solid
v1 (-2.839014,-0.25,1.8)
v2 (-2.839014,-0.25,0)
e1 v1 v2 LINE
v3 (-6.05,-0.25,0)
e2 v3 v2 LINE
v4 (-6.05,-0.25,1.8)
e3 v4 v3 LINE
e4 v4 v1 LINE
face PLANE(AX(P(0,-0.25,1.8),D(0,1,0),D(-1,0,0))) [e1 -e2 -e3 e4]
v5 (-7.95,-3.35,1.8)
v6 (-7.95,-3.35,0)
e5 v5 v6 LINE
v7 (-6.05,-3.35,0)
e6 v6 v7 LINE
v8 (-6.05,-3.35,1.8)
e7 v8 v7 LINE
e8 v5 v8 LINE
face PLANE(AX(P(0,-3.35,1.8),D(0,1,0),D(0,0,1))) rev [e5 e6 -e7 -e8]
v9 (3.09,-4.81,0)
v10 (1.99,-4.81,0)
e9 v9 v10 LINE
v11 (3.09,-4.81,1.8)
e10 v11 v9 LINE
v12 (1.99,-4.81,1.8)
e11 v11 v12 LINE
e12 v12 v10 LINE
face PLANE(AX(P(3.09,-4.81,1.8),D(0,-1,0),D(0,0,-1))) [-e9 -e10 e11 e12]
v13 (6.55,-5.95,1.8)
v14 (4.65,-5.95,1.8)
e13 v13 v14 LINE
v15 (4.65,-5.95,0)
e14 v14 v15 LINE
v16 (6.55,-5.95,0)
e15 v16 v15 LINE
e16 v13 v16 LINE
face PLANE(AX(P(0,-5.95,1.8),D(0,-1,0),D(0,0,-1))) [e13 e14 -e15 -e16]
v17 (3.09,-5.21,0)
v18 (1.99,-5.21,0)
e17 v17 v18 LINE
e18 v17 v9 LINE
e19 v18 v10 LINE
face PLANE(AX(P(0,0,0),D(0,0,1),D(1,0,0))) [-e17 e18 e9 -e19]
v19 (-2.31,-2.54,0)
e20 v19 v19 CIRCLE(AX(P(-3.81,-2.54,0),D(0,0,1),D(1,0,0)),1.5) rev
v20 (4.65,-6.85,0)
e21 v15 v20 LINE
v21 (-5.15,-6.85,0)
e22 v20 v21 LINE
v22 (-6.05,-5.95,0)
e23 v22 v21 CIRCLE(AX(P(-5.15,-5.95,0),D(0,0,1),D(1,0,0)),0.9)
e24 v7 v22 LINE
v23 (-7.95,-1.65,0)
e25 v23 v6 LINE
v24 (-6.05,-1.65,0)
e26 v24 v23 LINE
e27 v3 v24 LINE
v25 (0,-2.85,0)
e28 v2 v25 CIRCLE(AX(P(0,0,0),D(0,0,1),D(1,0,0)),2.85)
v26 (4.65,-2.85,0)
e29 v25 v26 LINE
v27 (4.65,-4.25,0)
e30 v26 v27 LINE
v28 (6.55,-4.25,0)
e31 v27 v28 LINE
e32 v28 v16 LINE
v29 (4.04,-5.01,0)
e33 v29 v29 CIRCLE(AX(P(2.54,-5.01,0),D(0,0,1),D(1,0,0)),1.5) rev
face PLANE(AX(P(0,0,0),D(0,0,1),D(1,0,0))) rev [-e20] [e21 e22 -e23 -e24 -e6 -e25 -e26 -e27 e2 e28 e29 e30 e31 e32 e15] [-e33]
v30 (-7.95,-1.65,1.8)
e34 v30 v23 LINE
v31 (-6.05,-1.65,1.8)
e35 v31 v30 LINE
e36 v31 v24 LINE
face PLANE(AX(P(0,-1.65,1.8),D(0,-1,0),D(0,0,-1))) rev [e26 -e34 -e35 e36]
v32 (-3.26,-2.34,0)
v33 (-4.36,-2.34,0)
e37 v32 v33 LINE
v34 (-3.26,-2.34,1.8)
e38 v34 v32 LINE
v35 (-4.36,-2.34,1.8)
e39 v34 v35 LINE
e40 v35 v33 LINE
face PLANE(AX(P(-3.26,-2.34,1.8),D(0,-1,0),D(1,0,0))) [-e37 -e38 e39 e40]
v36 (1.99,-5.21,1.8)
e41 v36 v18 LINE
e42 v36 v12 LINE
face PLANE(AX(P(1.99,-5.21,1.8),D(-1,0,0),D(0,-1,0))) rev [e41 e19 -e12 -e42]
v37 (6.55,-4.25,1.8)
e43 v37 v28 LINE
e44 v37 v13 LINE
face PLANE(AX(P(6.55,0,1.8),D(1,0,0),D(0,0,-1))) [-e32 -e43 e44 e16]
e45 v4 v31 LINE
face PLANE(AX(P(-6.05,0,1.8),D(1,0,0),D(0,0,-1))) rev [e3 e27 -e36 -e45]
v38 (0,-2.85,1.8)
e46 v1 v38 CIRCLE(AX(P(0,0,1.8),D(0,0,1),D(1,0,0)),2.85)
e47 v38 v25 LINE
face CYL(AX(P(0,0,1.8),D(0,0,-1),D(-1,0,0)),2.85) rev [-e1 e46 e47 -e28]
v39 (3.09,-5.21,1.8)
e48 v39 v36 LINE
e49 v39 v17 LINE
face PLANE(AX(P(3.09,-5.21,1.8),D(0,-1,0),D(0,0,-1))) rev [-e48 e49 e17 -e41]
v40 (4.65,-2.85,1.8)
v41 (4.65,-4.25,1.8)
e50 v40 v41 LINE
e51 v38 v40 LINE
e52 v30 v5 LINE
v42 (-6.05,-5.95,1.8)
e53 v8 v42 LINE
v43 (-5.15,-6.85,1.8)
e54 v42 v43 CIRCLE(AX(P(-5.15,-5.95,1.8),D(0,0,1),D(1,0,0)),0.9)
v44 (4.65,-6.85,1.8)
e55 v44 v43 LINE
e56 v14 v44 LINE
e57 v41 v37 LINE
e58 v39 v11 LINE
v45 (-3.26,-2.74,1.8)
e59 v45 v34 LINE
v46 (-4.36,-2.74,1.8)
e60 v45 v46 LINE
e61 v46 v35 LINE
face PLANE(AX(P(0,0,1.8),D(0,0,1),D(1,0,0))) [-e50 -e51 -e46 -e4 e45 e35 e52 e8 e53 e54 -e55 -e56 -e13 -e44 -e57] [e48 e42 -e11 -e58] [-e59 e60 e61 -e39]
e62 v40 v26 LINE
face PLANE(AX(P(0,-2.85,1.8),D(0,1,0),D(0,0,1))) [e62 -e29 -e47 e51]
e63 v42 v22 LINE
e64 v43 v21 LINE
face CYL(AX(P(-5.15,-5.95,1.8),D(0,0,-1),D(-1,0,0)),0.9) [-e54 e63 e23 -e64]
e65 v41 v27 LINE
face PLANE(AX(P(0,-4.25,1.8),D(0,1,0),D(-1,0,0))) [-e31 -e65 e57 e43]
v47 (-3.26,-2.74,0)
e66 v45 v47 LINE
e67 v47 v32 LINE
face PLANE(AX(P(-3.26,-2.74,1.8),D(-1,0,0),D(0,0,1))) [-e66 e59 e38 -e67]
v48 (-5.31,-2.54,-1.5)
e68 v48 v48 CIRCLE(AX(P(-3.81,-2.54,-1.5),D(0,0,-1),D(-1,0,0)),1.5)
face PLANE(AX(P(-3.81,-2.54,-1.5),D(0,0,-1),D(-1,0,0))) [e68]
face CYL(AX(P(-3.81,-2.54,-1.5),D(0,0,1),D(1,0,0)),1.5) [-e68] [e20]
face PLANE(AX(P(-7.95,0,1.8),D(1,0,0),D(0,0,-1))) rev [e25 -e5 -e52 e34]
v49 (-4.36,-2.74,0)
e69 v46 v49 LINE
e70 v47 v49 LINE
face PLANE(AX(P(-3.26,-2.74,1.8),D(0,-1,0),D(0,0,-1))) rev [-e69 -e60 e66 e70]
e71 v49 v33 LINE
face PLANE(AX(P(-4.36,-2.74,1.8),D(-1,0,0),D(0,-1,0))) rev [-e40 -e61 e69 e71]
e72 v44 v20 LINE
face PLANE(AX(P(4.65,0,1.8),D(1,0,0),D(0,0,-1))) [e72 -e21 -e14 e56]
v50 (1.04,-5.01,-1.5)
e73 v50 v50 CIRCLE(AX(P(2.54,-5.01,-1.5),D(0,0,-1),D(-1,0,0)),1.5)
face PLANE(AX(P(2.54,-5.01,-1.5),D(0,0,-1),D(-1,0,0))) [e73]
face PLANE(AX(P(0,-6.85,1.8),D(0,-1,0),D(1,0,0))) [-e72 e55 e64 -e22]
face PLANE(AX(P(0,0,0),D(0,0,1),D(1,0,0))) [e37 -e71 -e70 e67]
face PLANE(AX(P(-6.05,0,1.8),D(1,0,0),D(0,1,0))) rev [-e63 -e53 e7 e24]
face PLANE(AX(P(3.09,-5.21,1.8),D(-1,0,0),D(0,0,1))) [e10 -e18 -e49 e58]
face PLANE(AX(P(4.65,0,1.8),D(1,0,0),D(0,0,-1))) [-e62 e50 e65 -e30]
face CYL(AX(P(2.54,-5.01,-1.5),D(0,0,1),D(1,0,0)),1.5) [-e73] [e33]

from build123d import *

# Parameters (mm, degrees)
EXTRUDE_1_DEPTH     = 1.8
SKETCH_2_R          = 1.5
EXTRUDE_2_DEPTH     = 1.5
SKETCH_2_3_W        = 1.1
SKETCH_2_3_H        = 0.4
CUT_EXTRUDE_1_DEPTH = 11.647300127


with BuildPart() as part:
    # 草图1 → 凸台-拉伸1 (new body)
    with BuildSketch(Plane.XY):
        with BuildLine():
            Line((-2.839013913, -0.25), (-6.05, -0.25))
            Line((-6.05, -0.25), (-6.05, -1.65))
            Line((-6.05, -1.65), (-7.95, -1.65))
            Line((-7.95, -1.65), (-7.95, -3.35))
            Line((-7.95, -3.35), (-6.05, -3.35))
            Line((-6.05, -3.35), (-6.05, -5.95))
            ThreePointArc((-6.05, -5.95), (-5.786396103, -6.586396103), (-5.15, -6.85))
            Line((-5.15, -6.85), (4.65, -6.85))
            Line((4.65, -6.85), (4.65, -5.95))
            Line((4.65, -5.95), (6.55, -5.95))
            Line((6.55, -5.95), (6.55, -4.25))
            Line((6.55, -4.25), (4.65, -4.25))
            Line((4.65, -4.25), (4.65, -2.85))
            Line((4.65, -2.85), (0, -2.85))
            ThreePointArc((0, -2.85), (-1.924837655, -2.101784956), (-2.839013913, -0.25))
        make_face()
    extrude(amount=EXTRUDE_1_DEPTH)

    # 草图2 → 凸台-拉伸2 (add)
    with BuildSketch(Plane(origin=(0, 0, 0), x_dir=(-1, 0, 0), z_dir=(0, 0, -1))):
        with Locations((-2.54, -5.01)):
            Circle(SKETCH_2_R)
        with Locations((3.81, -2.54)):
            Circle(SKETCH_2_R)
    extrude(amount=EXTRUDE_2_DEPTH)

    # 草图2<3> → 切除-拉伸1 (cut, through all)
    with BuildSketch(Plane(origin=(0, 0, 0), x_dir=(-1, 0, 0), z_dir=(0, 0, -1))):
        with Locations((-2.54, -5.01)):
            Rectangle(SKETCH_2_3_W, SKETCH_2_3_H)
        with Locations((3.81, -2.54)):
            Rectangle(SKETCH_2_3_W, SKETCH_2_3_H)
    extrude(amount=-CUT_EXTRUDE_1_DEPTH, mode=Mode.SUBTRACT)


solid = part.part
